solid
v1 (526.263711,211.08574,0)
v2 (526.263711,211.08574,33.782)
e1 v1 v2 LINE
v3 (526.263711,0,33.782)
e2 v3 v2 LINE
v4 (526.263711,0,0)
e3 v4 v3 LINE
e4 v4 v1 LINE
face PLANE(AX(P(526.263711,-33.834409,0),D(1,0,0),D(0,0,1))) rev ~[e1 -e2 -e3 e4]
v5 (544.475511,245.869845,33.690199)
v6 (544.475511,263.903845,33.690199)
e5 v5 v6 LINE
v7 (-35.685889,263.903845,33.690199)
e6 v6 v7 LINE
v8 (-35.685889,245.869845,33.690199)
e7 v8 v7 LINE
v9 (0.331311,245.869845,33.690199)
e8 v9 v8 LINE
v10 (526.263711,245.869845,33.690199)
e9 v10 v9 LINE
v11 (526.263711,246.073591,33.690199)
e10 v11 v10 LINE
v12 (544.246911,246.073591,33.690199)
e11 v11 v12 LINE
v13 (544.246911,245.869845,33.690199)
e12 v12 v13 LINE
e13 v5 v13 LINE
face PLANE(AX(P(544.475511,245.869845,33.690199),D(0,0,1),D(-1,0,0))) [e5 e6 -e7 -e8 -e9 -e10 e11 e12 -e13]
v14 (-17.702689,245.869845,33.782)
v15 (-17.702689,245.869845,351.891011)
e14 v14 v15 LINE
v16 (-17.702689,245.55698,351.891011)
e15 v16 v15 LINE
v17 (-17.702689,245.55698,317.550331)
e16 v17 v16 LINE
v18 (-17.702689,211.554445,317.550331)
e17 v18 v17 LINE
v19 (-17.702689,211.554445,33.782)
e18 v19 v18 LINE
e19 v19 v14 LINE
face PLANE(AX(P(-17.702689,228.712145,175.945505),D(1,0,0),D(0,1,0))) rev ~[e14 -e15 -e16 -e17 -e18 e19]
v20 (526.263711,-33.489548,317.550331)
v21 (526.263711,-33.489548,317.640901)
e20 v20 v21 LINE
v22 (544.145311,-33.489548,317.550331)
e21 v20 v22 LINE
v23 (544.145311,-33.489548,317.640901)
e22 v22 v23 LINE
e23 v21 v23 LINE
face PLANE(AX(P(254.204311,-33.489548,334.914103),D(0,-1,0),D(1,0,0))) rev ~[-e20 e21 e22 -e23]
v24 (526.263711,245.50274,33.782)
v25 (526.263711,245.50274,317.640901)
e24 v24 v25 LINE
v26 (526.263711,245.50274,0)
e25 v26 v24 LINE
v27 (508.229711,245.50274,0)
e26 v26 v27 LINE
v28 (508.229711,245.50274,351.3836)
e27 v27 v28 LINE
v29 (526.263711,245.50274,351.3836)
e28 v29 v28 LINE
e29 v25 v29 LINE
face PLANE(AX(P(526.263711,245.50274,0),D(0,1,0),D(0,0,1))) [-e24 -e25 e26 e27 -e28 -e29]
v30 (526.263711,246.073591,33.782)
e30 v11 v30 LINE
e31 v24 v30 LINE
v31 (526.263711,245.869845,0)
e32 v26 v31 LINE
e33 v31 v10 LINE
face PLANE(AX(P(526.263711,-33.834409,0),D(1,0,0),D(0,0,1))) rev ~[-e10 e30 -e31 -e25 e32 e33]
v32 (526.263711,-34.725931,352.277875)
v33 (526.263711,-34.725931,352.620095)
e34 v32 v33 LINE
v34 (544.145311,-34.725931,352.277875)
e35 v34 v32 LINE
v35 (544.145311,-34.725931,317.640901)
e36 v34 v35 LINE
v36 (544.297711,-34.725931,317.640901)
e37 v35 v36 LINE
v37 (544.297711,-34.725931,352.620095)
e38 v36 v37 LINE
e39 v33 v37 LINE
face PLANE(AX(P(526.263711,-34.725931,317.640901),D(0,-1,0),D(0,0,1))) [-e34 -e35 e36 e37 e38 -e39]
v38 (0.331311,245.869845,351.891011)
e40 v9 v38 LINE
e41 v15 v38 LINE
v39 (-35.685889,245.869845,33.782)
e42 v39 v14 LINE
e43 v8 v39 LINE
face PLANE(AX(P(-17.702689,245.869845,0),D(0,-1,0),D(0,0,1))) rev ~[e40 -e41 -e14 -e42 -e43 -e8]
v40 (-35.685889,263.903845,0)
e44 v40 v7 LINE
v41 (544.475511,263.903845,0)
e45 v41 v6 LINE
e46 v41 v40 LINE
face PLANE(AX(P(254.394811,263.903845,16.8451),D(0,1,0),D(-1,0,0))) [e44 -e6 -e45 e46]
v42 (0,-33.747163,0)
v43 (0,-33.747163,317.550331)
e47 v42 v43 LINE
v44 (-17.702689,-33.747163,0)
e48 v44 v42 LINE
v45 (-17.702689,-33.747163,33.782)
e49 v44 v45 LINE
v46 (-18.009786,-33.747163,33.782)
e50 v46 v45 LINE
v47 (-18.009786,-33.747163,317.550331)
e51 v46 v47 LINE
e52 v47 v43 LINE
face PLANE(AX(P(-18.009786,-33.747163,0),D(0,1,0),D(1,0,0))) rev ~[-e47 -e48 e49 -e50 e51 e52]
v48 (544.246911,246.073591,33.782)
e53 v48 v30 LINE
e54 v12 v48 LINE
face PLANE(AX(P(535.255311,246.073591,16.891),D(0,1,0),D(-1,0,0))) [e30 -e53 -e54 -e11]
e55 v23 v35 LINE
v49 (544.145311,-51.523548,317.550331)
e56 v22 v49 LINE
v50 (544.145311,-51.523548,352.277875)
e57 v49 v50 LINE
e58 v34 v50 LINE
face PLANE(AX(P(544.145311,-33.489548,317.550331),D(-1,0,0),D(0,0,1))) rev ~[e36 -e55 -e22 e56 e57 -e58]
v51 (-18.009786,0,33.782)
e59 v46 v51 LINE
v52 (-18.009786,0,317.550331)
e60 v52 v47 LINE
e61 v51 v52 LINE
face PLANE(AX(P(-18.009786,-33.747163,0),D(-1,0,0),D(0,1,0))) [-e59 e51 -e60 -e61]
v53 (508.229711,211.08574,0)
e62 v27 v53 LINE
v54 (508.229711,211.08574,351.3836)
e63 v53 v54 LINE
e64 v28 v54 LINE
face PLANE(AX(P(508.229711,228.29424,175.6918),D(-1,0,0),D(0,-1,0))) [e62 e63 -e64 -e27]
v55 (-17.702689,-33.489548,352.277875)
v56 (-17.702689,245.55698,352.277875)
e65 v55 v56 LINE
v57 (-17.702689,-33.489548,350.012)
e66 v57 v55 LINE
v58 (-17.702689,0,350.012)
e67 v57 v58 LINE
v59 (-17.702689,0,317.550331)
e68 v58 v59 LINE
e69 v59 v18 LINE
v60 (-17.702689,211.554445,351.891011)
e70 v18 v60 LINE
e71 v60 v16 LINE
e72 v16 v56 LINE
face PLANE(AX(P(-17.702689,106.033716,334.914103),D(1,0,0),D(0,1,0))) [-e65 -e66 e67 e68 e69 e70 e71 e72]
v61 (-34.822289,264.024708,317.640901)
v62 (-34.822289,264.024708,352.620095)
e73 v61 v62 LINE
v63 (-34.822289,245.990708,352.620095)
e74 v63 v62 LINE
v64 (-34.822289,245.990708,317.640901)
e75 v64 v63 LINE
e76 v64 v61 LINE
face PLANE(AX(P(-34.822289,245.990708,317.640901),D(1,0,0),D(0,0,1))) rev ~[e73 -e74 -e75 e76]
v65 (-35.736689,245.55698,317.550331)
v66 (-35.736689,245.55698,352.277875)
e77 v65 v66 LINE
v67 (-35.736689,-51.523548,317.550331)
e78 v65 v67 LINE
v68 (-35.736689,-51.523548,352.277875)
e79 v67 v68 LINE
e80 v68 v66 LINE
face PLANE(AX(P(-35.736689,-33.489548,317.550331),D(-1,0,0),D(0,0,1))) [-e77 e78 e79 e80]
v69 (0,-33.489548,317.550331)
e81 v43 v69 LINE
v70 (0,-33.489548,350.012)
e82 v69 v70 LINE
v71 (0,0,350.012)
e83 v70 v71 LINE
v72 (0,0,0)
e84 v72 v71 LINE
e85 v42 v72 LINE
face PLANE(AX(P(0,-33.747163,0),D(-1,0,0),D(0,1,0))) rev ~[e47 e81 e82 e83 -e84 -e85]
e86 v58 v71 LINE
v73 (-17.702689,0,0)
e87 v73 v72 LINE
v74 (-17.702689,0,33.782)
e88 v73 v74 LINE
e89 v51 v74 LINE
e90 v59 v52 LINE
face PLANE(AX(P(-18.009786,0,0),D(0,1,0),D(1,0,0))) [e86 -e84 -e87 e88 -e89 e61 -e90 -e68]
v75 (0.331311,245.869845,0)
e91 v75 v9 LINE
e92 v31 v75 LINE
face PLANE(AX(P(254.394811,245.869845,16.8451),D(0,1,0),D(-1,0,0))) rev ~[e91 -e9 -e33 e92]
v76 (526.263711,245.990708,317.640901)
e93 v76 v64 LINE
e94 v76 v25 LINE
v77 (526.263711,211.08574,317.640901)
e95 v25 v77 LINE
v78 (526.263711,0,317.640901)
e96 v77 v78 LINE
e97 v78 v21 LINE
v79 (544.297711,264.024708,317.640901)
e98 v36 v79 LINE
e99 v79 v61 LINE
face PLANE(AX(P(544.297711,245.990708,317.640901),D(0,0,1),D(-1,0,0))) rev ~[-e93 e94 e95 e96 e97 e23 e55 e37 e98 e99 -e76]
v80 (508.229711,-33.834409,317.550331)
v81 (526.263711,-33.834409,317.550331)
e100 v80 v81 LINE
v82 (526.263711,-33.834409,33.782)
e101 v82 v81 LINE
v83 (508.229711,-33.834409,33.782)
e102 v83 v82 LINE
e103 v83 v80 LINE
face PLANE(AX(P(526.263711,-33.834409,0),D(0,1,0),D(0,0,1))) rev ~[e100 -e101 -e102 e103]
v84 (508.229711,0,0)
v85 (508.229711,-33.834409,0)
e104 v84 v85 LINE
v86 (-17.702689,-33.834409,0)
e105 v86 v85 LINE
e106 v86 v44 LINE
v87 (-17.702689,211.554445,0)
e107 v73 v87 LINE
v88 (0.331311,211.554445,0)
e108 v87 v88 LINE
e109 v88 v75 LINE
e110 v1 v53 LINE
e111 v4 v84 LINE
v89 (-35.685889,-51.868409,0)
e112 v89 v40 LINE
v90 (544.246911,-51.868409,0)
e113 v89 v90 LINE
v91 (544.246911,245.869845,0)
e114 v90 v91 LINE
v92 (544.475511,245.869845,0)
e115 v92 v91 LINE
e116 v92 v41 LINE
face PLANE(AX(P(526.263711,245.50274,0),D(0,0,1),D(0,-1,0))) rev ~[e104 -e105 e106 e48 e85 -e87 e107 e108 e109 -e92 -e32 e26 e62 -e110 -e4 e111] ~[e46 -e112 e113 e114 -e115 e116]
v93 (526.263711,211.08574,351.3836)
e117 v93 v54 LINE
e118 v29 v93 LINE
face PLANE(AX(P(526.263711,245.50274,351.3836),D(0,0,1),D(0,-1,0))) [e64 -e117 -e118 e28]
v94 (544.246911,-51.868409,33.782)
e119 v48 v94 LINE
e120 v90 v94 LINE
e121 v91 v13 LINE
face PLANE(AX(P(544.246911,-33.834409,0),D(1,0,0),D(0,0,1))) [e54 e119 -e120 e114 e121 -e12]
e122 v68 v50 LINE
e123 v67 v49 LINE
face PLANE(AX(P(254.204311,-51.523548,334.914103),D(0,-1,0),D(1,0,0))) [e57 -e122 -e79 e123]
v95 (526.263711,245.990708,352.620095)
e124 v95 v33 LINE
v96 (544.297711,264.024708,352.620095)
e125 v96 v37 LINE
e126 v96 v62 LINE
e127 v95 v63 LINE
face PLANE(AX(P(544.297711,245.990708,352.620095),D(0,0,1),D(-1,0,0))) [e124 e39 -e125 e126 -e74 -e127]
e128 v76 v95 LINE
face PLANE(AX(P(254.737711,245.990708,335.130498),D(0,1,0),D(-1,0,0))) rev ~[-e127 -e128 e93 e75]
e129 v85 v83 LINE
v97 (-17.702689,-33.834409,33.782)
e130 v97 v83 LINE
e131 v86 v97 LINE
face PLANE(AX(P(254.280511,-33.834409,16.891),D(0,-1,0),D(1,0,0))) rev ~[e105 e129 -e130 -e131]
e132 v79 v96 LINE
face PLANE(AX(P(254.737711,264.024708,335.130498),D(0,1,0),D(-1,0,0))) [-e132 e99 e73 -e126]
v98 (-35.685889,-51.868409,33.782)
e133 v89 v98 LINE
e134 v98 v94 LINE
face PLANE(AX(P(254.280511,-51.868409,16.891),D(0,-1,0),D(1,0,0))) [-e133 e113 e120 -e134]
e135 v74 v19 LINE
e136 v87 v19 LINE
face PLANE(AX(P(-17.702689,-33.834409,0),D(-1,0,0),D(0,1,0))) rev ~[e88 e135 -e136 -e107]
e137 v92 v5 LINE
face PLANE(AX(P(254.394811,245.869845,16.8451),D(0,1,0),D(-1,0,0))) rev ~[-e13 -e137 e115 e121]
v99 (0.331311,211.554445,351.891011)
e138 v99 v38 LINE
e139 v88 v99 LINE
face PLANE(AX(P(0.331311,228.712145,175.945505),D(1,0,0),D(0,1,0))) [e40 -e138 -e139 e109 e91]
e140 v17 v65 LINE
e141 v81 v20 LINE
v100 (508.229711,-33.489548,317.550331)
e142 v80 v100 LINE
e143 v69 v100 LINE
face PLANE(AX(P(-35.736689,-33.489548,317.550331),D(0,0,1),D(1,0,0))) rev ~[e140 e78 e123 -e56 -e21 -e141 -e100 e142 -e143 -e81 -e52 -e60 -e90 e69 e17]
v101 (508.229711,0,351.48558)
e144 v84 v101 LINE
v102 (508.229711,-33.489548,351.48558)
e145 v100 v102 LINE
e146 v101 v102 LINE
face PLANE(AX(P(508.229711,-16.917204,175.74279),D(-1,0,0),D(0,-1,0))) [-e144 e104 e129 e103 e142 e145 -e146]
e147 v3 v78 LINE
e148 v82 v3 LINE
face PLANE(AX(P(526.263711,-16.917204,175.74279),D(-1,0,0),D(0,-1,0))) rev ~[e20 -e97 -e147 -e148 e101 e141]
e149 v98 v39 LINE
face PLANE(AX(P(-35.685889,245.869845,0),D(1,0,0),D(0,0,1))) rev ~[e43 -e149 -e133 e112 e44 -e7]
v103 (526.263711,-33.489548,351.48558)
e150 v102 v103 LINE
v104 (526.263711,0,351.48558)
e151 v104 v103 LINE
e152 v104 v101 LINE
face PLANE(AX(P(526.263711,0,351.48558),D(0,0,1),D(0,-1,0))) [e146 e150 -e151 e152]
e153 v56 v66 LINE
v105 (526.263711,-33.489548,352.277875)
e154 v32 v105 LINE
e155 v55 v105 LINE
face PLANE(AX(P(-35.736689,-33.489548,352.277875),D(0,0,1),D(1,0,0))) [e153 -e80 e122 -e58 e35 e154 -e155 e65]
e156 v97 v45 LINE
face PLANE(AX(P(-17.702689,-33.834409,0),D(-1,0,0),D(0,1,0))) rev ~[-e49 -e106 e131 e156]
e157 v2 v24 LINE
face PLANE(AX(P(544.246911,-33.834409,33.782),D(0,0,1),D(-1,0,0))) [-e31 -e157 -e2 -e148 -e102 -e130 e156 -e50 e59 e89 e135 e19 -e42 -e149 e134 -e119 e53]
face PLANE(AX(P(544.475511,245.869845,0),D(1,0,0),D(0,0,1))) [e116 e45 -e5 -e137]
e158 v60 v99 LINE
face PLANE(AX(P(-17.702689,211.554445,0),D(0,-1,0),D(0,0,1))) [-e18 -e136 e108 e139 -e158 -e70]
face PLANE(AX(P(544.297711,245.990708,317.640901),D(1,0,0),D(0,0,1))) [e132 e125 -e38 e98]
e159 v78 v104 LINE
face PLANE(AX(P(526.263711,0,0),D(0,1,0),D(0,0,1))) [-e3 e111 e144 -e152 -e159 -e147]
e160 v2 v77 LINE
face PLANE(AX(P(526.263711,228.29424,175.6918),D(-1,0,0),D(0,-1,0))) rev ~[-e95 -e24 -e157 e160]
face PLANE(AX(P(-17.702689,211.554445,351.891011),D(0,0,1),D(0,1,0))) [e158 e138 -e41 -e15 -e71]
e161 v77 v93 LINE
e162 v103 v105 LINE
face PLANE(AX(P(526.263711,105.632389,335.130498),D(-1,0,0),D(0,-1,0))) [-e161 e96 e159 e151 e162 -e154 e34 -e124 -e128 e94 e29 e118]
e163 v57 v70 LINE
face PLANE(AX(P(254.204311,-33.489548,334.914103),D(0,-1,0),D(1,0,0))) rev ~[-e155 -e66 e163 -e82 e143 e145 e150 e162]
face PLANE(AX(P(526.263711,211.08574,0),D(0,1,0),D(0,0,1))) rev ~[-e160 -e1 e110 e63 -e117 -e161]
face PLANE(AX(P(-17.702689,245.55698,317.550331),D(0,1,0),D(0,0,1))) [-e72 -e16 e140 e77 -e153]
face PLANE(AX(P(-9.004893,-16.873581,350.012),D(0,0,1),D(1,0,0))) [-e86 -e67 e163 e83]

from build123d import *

# Parameters (mm, degrees)
F0_W      = 18.0097855628
F0_H      = 33.7471626699
F1_DEPTH  = 350.012
F2_W      = 17.9832
F2_H      = 279.7042541206
F3_DEPTH  = 33.782
F4_W      = 579.9328
F4_H      = 33.782
F5_DEPTH  = 18.034
F6_W      = 17.9832
F6_H      = 33.782
F7_DEPTH  = 279.908
F8_W      = 580.1614
F8_H      = 33.6901992559
F9_DEPTH  = 18.034
F10_W     = 34.3154
F10_H     = 351.8910109997
F11_DEPTH = 18.034
F12_W     = 33.8344089687
F12_H     = 351.4855802059
F13_DEPTH = 18.034
F14_W     = 34.417
F14_H     = 351.3836
F15_DEPTH = 18.034
F16_W     = 280.7166390121
F16_H     = 34.9791944027
F17_DEPTH = 18.034
F18_W     = 279.0465280414
F18_H     = 34.7275435925
F19_DEPTH = 18.034
F20_W     = 579.12
F20_H     = 34.9791944027
F21_DEPTH = 18.034
F22_W     = 579.882
F22_H     = 34.7275435925
F23_DEPTH = 18.034


with BuildPart() as f1:
    # F0 (on Top) → F1 (new body)
    with BuildSketch(Plane.XY):
        with Locations((-9.0048927814, -16.8735813349)):
            Rectangle(F0_W, F0_H)
    extrude(amount=F1_DEPTH)

    # F2 (on Top) → F3 (join)
    with BuildSketch(Plane.XY):
        with Locations((-26.6942894229, 106.0177180916)):
            Rectangle(F2_W, F2_H)
    extrude(amount=F3_DEPTH)

    # F4 (on face) → F5 (join)
    with BuildSketch(Plane.XZ.offset(33.8344089687)):
        with Locations((254.2805105771, 16.891)):
            Rectangle(F4_W, F4_H)
    extrude(amount=F5_DEPTH)

    # F6 (on face) → F7 (join)
    with BuildSketch(Plane(origin=(0, -33.8344089687, 0), x_dir=(-1, 0, 0), z_dir=(0, 1, 0))):
        with Locations((-535.2553105771, 16.891)):
            Rectangle(F6_W, F6_H)
    extrude(amount=F7_DEPTH)

    # F8 (on face) → F9 (join)
    with BuildSketch(Plane(origin=(0, 245.8698451519, 0), x_dir=(-1, 0, 0), z_dir=(0, 1, 0))):
        with Locations((-254.3948105771, 16.845099628)):
            Rectangle(F8_W, F8_H)
    extrude(amount=F9_DEPTH)

    # F10 (on face) → F11 (join)
    with BuildSketch(Plane.YZ.offset(-17.7026894229)):
        with Locations((228.7121451519, 175.9455054998)):
            Rectangle(F10_W, F10_H)
    extrude(amount=F11_DEPTH)

    # F12 (on face) → F13 (join)
    with BuildSketch(Plane(origin=(526.2637105771, 0, 0), x_dir=(0, -1, 0), z_dir=(-1, 0, 0))):
        with Locations((16.9172044843, 175.742790103)):
            Rectangle(F12_W, F12_H)
    extrude(amount=F13_DEPTH)

    # F14 (on face) → F15 (join)
    with BuildSketch(Plane(origin=(526.2637105771, 0, 0), x_dir=(0, -1, 0), z_dir=(-1, 0, 0))):
        with Locations((-228.2942401447, 175.6918)):
            Rectangle(F14_W, F14_H)
    extrude(amount=F15_DEPTH)

    # F16 (on face) → F17 (join)
    with BuildSketch(Plane(origin=(526.2637105771, 0, 0), x_dir=(0, -1, 0), z_dir=(-1, 0, 0))):
        with Locations((-105.6323889643, 335.1304978132)):
            Rectangle(F16_W, F16_H)
    extrude(amount=-F17_DEPTH)

    # F18 (on face) → F19 (join)
    with BuildSketch(Plane.YZ.offset(-17.7026894229)):
        with Locations((106.0337163508, 334.9141031504)):
            Rectangle(F18_W, F18_H)
    extrude(amount=-F19_DEPTH)

    # F20 (on face) → F21 (join)
    with BuildSketch(Plane(origin=(0, 245.9907084703, 0), x_dir=(-1, 0, 0), z_dir=(0, 1, 0))):
        with Locations((-254.7377105771, 335.1304978132)):
            Rectangle(F20_W, F20_H)
    extrude(amount=F21_DEPTH)

    # F22 (on face) → F23 (join)
    with BuildSketch(Plane.XZ.offset(33.4895476699)):
        with Locations((254.2043105771, 334.9141031504)):
            Rectangle(F22_W, F22_H)
    extrude(amount=F23_DEPTH)


solid = f1.part
